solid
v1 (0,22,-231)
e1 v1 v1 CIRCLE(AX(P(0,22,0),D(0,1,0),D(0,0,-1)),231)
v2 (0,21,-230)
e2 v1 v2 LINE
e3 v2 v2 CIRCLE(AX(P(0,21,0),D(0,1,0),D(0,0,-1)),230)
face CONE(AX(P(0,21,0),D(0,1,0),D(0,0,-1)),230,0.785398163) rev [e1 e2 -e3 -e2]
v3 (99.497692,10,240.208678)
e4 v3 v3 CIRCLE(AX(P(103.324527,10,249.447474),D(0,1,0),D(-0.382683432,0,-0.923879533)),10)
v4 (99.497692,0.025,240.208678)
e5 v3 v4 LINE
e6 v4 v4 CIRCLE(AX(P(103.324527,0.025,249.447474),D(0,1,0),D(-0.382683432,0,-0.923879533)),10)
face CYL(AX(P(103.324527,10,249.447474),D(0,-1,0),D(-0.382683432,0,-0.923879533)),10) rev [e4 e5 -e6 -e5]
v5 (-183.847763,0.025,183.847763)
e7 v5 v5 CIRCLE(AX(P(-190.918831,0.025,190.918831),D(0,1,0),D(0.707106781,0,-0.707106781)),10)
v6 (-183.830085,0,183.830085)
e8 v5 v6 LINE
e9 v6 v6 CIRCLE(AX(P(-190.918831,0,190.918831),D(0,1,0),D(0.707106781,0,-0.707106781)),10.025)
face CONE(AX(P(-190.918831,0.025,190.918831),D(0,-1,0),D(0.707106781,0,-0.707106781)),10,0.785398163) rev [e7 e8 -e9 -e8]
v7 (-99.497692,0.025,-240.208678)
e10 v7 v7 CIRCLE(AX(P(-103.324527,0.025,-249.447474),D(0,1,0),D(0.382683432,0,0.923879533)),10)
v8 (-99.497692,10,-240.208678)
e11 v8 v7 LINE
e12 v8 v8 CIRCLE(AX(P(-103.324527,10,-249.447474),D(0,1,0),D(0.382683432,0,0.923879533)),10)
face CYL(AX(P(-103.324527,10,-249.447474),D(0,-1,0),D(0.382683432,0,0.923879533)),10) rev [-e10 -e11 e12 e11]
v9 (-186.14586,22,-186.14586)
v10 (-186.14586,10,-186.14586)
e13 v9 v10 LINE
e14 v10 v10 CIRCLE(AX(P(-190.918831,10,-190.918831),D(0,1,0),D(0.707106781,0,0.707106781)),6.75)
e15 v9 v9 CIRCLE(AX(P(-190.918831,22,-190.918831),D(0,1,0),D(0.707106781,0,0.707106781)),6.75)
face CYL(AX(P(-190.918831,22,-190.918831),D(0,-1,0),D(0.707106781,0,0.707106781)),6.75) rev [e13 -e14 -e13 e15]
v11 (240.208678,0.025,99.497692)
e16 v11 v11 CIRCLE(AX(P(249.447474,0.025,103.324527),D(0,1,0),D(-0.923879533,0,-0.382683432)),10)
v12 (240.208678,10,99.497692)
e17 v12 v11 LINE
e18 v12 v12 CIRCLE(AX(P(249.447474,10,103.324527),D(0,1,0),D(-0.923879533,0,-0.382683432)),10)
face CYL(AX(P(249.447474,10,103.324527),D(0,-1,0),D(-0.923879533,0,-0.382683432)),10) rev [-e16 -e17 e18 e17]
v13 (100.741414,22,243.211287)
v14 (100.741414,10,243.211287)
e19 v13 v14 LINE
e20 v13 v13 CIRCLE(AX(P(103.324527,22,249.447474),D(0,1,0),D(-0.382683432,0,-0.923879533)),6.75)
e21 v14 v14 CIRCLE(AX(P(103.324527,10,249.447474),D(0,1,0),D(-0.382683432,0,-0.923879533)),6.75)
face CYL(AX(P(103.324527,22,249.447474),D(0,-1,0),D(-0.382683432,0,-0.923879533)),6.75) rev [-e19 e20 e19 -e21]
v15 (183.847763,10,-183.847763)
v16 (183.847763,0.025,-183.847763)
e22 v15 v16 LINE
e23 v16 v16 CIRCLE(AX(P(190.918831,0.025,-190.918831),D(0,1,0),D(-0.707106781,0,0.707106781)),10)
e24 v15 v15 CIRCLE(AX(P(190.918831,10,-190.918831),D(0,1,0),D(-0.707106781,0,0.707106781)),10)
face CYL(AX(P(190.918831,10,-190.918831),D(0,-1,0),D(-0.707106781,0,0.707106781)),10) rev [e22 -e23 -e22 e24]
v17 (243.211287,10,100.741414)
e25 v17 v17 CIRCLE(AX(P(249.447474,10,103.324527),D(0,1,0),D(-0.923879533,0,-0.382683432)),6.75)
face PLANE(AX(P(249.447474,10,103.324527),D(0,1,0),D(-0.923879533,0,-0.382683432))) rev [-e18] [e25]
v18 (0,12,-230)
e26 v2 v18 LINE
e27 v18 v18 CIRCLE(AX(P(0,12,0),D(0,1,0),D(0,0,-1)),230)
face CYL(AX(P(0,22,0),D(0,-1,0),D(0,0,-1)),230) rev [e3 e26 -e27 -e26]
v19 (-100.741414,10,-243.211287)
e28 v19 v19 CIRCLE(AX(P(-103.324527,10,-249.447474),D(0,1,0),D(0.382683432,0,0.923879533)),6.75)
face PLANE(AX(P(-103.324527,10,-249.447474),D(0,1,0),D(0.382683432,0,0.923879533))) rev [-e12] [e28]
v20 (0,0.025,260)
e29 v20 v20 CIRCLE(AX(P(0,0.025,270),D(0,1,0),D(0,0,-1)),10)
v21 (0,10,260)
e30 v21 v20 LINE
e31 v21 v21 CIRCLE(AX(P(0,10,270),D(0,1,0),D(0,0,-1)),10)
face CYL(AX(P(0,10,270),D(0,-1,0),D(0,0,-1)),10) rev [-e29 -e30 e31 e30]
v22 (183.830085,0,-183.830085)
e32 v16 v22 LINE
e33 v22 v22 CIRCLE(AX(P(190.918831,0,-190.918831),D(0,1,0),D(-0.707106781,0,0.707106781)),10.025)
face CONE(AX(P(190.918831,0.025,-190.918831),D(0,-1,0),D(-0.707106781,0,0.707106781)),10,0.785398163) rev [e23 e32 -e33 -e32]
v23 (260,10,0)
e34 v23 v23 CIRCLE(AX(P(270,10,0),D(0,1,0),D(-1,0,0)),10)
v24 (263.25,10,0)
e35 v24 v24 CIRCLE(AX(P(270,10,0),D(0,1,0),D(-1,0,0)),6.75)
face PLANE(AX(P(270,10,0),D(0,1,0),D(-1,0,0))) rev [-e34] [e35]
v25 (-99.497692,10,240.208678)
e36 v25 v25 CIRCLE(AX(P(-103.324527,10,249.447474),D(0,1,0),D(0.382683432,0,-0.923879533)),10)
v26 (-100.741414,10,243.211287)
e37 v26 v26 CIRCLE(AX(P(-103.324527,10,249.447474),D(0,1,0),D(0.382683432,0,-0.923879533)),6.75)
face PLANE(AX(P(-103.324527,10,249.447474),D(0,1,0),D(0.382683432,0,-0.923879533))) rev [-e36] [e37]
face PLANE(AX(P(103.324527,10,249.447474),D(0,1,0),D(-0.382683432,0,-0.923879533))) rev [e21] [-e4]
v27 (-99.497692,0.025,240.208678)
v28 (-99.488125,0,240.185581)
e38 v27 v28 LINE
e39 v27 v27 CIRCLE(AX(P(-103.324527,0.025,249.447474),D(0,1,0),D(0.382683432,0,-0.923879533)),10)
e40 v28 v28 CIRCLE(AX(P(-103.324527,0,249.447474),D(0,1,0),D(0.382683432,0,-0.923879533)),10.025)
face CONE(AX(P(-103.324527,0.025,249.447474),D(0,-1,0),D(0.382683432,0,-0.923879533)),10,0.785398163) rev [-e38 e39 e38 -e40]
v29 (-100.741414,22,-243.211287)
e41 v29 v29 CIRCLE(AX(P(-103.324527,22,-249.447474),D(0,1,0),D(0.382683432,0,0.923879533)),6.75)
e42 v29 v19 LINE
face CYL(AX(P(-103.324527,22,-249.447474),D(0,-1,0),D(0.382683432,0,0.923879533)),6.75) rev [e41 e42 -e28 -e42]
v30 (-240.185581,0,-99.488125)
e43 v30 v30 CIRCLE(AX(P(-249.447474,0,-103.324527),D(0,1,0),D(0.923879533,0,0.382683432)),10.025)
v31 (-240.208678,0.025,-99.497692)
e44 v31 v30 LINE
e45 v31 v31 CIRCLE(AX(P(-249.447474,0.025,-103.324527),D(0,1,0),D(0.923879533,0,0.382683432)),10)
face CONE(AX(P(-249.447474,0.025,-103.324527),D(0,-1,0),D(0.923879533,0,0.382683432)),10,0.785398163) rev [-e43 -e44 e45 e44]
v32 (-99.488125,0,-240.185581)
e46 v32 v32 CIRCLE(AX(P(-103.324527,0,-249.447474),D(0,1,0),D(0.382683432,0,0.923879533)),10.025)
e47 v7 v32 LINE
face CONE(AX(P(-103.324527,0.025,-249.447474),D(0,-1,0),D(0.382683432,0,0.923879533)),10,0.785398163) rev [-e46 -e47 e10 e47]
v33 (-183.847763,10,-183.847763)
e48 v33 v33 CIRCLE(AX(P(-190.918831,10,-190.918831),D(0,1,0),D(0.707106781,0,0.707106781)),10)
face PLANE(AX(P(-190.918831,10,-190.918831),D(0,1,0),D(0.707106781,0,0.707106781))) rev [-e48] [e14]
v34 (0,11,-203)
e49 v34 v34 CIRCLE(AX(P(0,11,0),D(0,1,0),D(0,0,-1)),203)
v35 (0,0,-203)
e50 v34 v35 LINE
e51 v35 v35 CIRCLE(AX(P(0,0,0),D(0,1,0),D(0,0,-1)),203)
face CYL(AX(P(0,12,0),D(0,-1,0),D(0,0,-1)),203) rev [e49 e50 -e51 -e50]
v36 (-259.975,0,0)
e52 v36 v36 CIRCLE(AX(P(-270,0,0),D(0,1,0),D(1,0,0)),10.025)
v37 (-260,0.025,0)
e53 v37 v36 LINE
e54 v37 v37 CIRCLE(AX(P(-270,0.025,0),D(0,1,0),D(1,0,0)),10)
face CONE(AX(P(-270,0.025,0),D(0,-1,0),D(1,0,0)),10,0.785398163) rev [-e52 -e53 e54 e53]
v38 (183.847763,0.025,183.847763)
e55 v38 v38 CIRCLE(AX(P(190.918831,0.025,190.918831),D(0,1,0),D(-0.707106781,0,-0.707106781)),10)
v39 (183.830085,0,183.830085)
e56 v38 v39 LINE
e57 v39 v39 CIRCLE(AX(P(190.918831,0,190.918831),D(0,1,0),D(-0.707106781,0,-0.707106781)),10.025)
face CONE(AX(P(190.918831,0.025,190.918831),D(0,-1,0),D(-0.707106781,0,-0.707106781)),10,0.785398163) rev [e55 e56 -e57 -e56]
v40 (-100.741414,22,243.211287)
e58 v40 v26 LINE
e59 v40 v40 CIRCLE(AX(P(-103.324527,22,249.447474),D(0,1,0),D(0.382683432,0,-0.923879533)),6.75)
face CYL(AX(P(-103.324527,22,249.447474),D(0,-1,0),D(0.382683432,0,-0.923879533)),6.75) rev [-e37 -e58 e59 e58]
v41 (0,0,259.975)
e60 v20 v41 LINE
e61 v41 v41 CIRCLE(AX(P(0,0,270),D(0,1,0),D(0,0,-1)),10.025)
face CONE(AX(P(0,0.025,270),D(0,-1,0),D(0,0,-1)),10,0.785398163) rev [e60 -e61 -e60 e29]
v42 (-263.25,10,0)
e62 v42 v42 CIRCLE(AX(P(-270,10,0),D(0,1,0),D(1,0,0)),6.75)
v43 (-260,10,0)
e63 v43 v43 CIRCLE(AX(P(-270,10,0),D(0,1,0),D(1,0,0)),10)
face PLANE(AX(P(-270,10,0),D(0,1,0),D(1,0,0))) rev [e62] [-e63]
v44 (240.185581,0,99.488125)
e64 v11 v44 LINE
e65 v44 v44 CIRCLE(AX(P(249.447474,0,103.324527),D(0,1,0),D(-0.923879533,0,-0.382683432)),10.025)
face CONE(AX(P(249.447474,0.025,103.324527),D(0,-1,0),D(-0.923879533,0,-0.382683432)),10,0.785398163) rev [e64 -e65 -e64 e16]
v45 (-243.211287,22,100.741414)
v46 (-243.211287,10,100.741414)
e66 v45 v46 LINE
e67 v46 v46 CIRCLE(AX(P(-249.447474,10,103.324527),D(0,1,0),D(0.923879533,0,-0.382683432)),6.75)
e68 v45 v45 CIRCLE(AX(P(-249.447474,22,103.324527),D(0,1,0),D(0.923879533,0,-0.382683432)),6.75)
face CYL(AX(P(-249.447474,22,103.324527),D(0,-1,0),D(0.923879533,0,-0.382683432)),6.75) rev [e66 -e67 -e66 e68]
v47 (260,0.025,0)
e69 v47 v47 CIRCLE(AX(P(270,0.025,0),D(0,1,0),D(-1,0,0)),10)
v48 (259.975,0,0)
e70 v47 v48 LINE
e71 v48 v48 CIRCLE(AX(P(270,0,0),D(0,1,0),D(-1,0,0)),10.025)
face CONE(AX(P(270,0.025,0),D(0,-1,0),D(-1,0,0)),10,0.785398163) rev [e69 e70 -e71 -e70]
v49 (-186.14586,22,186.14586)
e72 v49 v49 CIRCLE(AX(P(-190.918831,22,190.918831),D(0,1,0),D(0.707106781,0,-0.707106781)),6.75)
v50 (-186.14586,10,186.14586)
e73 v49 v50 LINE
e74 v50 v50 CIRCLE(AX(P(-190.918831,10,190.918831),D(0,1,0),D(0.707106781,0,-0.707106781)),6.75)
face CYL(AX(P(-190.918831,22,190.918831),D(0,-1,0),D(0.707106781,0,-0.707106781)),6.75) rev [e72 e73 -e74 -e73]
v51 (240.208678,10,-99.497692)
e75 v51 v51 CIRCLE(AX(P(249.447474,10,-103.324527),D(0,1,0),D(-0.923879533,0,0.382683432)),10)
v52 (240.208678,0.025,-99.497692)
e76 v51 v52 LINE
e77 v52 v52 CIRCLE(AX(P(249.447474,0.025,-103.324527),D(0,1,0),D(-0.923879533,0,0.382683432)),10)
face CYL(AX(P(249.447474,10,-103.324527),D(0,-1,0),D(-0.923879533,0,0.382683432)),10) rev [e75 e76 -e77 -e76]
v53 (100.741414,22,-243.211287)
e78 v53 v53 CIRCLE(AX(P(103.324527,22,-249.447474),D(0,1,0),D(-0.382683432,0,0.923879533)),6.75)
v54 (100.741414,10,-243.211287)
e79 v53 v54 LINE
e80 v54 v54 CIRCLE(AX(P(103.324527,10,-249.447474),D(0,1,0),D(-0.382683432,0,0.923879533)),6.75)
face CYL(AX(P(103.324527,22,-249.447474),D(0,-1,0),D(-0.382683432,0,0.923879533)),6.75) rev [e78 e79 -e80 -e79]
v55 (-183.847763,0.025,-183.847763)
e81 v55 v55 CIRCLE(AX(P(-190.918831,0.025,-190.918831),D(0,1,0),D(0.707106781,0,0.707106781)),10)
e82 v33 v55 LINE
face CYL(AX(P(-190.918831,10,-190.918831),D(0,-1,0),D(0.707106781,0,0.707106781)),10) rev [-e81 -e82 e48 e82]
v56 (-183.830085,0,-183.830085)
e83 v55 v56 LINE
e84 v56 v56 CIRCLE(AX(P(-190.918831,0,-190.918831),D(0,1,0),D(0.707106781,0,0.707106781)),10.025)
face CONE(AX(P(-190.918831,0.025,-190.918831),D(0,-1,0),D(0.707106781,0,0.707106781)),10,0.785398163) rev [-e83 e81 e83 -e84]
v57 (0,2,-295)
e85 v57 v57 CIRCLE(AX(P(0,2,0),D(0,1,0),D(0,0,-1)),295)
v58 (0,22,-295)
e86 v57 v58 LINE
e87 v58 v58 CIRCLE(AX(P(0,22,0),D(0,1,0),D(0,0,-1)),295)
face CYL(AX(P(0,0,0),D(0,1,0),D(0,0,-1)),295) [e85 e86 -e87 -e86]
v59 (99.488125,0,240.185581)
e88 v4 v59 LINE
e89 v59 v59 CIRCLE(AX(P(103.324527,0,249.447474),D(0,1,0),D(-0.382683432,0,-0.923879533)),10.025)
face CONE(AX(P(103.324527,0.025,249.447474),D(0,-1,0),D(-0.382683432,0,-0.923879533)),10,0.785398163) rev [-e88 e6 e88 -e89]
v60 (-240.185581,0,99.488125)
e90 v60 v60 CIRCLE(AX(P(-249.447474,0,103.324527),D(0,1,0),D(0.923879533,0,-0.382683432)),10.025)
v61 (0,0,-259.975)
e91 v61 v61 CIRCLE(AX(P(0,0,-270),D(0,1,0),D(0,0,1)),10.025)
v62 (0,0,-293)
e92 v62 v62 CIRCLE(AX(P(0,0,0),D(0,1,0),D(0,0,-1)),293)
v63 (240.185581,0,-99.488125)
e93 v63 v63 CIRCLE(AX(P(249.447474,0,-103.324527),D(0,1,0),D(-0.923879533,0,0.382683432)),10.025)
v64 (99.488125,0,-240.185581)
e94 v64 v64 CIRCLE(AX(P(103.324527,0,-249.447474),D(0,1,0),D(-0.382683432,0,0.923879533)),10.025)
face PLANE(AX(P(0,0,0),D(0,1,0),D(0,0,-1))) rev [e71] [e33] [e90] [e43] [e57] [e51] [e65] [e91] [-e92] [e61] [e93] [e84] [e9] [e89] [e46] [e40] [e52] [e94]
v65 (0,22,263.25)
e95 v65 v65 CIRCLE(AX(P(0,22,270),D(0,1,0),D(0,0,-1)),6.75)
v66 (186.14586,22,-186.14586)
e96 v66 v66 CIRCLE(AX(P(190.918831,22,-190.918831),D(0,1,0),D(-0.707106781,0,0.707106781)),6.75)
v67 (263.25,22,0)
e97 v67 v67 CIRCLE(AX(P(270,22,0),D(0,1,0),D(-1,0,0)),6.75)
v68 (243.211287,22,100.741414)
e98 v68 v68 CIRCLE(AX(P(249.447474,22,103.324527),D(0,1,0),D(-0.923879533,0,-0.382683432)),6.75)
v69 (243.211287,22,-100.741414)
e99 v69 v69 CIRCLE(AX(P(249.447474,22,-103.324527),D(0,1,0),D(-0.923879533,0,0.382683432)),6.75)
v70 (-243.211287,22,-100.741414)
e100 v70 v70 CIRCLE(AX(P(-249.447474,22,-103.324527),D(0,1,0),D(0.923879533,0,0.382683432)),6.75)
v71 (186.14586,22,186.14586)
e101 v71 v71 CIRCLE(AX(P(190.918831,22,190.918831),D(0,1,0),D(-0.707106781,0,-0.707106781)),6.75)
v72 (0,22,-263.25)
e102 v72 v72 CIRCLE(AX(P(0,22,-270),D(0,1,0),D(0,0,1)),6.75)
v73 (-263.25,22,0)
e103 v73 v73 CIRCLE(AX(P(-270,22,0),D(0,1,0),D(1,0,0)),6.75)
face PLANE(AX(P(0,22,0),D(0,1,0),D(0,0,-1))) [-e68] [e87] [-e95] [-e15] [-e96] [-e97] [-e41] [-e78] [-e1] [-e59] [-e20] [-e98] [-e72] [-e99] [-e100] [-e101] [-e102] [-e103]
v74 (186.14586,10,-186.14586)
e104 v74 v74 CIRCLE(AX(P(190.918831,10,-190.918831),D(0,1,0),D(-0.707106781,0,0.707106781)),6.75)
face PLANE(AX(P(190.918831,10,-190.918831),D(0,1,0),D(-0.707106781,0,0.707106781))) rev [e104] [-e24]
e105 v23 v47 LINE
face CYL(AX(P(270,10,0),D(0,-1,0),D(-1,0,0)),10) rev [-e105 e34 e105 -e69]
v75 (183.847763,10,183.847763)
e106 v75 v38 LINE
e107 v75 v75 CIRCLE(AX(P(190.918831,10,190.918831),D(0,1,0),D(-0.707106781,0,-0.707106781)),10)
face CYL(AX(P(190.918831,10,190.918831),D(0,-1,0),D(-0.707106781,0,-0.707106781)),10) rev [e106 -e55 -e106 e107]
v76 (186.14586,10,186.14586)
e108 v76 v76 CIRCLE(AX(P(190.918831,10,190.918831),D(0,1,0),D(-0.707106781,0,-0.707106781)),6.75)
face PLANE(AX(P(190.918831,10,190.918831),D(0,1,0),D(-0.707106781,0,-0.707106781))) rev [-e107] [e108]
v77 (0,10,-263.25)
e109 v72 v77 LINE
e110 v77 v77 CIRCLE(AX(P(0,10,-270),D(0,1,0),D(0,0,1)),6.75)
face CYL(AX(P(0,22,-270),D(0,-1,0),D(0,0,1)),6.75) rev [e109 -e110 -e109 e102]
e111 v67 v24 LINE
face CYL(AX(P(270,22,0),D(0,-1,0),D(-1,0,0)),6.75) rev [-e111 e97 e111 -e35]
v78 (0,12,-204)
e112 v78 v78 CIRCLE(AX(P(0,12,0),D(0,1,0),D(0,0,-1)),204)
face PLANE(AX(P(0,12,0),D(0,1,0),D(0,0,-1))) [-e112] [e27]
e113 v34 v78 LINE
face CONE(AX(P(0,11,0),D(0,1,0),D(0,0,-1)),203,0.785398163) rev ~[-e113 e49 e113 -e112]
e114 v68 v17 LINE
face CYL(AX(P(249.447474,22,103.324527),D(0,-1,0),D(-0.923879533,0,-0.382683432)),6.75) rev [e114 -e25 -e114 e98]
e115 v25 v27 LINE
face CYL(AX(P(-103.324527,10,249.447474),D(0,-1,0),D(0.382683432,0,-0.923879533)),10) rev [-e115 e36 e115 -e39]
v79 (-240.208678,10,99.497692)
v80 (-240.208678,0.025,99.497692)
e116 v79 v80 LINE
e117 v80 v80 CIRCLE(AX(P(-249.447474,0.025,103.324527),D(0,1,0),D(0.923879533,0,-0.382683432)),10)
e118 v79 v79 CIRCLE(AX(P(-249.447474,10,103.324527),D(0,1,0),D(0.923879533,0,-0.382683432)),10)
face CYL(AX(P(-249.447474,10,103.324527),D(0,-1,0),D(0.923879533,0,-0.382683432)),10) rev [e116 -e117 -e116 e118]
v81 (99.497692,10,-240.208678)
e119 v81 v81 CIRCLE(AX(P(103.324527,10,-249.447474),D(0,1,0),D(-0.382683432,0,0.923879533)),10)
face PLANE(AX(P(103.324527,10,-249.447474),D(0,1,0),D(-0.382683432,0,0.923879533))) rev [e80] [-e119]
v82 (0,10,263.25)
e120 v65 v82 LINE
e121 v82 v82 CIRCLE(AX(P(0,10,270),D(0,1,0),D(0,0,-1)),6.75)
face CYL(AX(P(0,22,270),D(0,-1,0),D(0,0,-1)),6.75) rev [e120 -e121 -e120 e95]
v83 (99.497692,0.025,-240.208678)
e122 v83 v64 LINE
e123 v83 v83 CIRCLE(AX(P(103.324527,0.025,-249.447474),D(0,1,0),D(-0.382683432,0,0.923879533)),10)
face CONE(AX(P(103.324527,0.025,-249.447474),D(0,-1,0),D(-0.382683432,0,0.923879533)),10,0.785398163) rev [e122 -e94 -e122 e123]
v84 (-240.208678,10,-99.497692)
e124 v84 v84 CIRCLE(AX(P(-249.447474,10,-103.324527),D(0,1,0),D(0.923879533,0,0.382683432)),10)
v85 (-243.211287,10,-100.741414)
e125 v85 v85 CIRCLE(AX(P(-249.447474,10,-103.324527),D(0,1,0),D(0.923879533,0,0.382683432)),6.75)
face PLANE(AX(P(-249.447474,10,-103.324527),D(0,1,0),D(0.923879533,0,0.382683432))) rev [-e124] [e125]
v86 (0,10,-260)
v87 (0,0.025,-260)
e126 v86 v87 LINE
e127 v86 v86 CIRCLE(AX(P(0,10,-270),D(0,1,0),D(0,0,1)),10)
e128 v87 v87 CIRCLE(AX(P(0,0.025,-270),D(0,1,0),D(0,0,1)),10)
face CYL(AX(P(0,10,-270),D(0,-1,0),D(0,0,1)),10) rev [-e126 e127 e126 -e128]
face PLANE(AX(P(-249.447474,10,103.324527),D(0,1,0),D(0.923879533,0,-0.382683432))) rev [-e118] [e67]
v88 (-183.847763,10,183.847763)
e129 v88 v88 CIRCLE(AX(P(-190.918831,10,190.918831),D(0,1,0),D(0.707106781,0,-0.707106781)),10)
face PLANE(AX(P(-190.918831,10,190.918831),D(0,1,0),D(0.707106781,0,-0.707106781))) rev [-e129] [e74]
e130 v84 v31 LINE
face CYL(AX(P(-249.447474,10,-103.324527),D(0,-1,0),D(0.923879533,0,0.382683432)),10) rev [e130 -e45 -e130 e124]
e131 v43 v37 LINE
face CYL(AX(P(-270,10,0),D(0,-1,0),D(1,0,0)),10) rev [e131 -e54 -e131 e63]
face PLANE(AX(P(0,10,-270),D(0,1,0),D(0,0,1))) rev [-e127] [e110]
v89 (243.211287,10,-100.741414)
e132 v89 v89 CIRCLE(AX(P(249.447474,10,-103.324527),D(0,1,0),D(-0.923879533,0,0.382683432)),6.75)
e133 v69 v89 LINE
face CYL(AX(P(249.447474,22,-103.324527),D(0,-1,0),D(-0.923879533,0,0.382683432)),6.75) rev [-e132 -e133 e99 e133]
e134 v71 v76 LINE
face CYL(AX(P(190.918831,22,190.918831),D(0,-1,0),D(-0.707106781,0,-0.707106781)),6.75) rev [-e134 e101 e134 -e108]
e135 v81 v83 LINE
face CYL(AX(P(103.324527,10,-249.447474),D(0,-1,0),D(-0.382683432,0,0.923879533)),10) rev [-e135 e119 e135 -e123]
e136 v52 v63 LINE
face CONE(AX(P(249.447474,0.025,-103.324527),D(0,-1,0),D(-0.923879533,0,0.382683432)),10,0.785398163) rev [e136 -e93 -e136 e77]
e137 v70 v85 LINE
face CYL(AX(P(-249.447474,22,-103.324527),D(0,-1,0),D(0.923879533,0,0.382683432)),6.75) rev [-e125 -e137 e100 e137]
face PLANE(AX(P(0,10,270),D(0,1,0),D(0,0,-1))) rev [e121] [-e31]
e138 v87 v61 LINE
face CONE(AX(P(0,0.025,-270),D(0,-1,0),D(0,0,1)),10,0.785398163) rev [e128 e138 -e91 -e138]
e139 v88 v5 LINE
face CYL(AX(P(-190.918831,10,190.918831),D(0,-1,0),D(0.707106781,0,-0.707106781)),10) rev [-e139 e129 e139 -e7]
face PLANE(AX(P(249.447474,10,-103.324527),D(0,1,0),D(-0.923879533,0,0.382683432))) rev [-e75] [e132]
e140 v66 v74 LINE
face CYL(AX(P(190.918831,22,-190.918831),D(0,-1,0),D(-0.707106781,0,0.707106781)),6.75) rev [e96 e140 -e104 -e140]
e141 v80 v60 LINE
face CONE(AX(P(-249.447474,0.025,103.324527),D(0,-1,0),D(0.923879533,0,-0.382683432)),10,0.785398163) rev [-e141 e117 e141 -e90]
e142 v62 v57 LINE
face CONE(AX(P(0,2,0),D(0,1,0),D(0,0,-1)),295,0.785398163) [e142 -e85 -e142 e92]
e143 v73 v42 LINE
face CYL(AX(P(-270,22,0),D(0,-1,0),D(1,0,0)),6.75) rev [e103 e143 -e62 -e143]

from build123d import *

# Parameters (mm, degrees)
CIRPATTERN1_COUNT = 16
CHAMFER1_SIZE     = 1
CHAMFER2_SIZE     = 2


with BuildPart() as part:
    # Sketch1 → Revolve1 (revolve)
    with BuildSketch(Plane.XY, mode=Mode.PRIVATE) as revolve1_sk:
        Polygon((-203, 0), (-295, 0), (-295, 22), (-230, 22), (-230, 12), (-203, 12), align=None)
    revolve(revolve1_sk.sketch.rotate(Axis((0, 0, 0), (0, 1, 0)), 270), axis=Axis((0, 0, 0), (0, 1, 0)))

    # Sketch4 → CBORE for M12 SHCS1 (revolve, cut)
    with BuildSketch(Plane(origin=(0, 0, 270), x_dir=(0, 0, -1), z_dir=(1, 0, 0))):
        Polygon((0, 0), (0, 22), (6.75, 22), (6.75, 10), (10, 10), (10, 0.025), (10.025, 0), align=None)
    cbore_for_m12_shcs1 = revolve(axis=Axis((0, -6.35, 270), (0, 1, 0)), mode=Mode.SUBTRACT)

    # CirPattern1: CBORE for M12 SHCS1 ×16 about axis
    cirpattern1_axis = Axis((0, 0, 0), (0, 1, 0))
    for i in range(1, CIRPATTERN1_COUNT):
        add(cbore_for_m12_shcs1.rotate(cirpattern1_axis, i * 360 / CIRPATTERN1_COUNT), mode=Mode.SUBTRACT)

    # Chamfer1
    chamfer1_edges = [part.edges().sort_by_distance(p)[0] for p in [
        (0, 12, 203),
        (0, 22, 230),
    ]]
    chamfer(chamfer1_edges, length=CHAMFER1_SIZE)

    # Chamfer2
    chamfer2_edges = [part.edges().sort_by_distance(p)[0] for p in [
        (0, 0, 295),
    ]]
    chamfer(chamfer2_edges, length=CHAMFER2_SIZE)


solid = part.part
